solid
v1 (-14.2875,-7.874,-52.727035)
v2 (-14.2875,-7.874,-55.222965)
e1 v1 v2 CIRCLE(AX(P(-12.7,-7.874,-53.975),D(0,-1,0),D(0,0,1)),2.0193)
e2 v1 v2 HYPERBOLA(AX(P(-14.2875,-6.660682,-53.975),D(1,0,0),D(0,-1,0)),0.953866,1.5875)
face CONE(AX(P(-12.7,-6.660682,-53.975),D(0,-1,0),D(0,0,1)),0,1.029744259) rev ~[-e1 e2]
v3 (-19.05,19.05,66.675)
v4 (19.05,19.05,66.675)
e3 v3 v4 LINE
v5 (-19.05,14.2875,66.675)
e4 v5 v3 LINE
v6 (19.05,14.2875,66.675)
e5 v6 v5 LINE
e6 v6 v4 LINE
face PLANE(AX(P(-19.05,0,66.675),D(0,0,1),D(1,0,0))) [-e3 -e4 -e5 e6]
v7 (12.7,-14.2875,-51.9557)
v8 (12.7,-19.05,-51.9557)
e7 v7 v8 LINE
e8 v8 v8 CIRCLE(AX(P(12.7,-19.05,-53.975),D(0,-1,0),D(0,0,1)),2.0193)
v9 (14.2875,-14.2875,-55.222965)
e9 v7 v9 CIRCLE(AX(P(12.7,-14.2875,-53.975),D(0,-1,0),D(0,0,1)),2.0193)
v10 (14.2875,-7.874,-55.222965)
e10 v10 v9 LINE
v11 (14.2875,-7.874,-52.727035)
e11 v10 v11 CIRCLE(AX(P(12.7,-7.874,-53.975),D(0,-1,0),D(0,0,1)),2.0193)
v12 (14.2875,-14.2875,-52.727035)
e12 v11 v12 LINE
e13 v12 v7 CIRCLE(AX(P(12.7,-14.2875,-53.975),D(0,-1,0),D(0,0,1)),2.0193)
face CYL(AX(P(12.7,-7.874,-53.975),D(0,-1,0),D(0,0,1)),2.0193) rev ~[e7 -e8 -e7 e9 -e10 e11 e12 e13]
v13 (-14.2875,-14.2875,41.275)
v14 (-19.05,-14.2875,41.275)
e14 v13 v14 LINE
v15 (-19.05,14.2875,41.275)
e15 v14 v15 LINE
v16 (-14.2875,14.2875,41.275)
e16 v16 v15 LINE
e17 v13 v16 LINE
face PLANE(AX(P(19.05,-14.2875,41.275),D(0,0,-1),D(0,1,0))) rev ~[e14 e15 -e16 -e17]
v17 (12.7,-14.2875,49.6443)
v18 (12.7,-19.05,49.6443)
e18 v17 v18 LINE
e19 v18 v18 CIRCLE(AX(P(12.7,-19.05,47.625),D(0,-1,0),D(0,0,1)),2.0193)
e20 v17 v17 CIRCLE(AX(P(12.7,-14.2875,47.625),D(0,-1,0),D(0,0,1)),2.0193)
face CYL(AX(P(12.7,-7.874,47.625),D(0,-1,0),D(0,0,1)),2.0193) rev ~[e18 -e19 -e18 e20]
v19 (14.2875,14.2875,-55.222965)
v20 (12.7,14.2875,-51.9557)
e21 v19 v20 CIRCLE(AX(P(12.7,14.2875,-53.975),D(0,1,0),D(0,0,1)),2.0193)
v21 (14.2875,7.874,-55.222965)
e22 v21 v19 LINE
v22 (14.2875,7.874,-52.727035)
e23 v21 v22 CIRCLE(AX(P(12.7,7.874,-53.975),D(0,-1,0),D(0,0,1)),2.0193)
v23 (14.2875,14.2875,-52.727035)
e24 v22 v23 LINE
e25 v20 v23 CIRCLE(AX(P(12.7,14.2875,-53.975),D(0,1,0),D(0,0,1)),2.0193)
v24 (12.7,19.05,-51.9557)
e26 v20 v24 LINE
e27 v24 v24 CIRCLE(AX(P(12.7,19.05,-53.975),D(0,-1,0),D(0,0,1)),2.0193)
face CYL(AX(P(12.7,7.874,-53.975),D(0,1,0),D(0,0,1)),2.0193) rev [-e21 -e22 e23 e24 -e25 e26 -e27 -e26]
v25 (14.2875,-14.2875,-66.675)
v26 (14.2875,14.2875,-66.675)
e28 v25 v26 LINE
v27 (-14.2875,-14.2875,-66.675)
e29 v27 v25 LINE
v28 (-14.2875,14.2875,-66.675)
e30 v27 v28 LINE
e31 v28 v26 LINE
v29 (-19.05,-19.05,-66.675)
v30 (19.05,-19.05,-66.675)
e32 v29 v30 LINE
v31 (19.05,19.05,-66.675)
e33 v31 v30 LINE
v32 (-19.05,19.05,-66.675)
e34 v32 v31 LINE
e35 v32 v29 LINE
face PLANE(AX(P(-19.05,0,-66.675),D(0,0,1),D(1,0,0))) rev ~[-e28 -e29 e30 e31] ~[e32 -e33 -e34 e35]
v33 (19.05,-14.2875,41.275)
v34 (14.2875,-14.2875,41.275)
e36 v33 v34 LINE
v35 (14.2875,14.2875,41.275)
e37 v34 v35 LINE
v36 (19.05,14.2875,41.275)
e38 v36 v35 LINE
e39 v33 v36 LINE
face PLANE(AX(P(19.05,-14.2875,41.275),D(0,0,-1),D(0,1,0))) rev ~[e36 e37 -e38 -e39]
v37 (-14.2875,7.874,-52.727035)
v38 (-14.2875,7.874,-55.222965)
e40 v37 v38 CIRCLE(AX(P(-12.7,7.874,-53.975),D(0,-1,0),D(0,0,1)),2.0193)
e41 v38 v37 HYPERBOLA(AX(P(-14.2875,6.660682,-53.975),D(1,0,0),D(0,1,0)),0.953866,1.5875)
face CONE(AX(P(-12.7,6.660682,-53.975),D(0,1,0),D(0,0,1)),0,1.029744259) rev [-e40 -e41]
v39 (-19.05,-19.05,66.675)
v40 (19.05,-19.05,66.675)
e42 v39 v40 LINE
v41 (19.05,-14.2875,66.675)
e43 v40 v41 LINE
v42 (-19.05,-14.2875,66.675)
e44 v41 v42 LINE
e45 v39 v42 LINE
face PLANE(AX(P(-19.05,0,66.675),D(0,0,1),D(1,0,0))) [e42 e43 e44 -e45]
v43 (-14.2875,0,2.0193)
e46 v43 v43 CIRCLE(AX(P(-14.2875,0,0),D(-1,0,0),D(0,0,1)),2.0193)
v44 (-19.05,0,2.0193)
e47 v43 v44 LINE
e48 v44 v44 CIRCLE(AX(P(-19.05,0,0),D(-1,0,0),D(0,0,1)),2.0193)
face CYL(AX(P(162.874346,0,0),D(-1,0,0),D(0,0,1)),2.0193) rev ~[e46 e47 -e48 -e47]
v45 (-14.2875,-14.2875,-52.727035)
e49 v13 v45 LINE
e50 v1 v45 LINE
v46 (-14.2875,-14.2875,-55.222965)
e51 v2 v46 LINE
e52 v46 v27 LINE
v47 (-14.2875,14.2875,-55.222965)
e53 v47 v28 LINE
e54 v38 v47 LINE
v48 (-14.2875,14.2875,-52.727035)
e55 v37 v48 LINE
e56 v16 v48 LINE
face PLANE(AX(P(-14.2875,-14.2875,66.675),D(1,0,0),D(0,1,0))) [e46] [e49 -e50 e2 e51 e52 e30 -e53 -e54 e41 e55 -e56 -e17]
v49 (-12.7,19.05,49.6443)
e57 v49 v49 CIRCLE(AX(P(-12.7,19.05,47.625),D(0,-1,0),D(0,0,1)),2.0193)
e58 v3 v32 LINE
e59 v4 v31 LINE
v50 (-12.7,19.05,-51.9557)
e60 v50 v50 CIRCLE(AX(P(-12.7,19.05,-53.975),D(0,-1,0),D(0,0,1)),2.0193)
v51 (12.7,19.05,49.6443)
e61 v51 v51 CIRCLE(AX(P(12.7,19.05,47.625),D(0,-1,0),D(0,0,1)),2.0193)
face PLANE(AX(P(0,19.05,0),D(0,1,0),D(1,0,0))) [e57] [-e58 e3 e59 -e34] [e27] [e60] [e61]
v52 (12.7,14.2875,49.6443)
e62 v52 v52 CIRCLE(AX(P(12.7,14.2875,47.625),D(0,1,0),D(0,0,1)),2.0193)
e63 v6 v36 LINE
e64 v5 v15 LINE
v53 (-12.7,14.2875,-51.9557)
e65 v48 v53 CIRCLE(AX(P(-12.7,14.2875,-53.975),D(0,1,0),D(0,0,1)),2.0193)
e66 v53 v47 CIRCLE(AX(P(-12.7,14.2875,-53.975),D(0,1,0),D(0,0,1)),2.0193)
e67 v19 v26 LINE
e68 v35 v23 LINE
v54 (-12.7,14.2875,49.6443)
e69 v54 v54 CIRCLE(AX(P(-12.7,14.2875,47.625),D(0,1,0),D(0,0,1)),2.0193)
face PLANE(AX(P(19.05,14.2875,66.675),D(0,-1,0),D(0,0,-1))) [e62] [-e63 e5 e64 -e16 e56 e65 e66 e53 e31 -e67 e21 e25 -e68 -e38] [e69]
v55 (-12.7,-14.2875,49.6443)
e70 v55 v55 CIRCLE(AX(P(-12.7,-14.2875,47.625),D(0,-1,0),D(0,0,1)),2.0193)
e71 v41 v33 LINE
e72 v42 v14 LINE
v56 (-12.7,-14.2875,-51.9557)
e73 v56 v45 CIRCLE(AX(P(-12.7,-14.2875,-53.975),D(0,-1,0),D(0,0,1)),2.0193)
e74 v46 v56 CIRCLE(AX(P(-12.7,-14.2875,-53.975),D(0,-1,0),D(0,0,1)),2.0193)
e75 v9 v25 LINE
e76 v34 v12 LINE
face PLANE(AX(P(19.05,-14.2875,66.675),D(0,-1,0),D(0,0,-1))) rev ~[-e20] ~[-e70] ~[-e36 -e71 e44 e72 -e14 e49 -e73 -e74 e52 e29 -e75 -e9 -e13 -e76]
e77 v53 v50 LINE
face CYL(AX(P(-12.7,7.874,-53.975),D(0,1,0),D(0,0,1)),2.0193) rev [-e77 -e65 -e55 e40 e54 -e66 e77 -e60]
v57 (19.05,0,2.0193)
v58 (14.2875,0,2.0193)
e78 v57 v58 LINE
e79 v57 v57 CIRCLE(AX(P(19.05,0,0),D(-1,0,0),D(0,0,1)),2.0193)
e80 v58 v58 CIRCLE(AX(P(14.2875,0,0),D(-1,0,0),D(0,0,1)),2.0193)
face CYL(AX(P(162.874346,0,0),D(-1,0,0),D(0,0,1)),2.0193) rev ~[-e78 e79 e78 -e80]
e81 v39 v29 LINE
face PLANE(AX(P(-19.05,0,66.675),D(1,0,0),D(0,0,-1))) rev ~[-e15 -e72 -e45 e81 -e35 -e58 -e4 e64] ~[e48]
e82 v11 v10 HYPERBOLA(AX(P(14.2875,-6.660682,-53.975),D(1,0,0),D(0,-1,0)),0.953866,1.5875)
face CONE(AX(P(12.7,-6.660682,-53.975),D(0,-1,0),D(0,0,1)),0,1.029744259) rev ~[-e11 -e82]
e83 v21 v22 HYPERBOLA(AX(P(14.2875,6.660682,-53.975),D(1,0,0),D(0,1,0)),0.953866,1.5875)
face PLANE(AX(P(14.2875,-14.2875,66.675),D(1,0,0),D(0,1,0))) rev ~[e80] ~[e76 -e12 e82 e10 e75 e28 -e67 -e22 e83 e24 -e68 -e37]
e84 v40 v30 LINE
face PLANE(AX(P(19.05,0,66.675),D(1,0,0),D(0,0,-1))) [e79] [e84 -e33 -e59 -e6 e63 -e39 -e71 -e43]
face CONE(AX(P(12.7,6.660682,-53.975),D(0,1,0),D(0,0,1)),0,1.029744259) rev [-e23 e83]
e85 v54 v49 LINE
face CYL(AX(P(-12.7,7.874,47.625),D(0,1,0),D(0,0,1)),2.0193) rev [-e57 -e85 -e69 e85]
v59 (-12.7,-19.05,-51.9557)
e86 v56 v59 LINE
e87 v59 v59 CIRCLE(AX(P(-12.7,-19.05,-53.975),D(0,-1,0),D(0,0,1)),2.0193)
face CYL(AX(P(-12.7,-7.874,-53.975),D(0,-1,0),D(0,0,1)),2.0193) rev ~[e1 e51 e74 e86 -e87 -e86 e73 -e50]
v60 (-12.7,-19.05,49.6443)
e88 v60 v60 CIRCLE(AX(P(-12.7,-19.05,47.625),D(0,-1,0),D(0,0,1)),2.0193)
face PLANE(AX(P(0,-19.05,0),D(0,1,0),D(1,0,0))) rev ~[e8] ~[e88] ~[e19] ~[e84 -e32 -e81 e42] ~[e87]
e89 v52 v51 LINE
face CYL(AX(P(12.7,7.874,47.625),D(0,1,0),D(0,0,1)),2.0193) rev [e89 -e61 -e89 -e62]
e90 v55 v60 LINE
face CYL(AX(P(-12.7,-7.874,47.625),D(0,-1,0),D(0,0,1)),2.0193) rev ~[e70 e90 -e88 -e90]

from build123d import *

# Parameters (mm, degrees)
SKETCH1_W                       = 38.1
SKETCH1_H                       = 133.35
BOSS_EXTRUDE1_DEPTH             = 19.05
SKETCH2_W                       = 28.575
SKETCH2_H                       = 28.575
CUT_EXTRUDE1_DEPTH              = 134.35
SKETCH3_W                       = 25.4
SKETCH3_H                       = 28.575
CUT_EXTRUDE2_DEPTH              = 39.1
F_10_32_TAPPED_HOLE1_AT_2_COUNT = 2
F_10_32_TAPPED_HOLE1_AT_2_PITCH = 25.4
F_10_32_TAPPED_HOLE1_AT_3_COUNT = 2
F_10_32_TAPPED_HOLE1_AT_3_PITCH = 101.6
F_10_32_TAPPED_HOLE1_AT_4_COUNT = 2
F_10_32_TAPPED_HOLE1_AT_4_PITCH = 104.726882891
F_10_32_TAPPED_HOLE2_D          = 4.0386


with BuildPart() as part:
    # Sketch1 → Boss-Extrude1 (new body, symmetric)
    with BuildSketch(Plane(origin=(0, 0, 0), x_dir=(1, 0, 0), z_dir=(0, 1, 0))):
        Rectangle(SKETCH1_W, SKETCH1_H)
    extrude(amount=BOSS_EXTRUDE1_DEPTH, both=True)

    # Sketch2 → Cut-Extrude1 (cut, through all)
    with BuildSketch(Plane.XY.offset(66.675)):
        Rectangle(SKETCH2_W, SKETCH2_H)
    extrude(amount=-CUT_EXTRUDE1_DEPTH, mode=Mode.SUBTRACT)

    # Sketch3 → Cut-Extrude2 (cut, through all)
    with BuildSketch(Plane(origin=(19.05, 0, 0), x_dir=(0, 0, -1), z_dir=(1, 0, 0))):
        with Locations((-53.975, 0)):
            Rectangle(SKETCH3_W, SKETCH3_H)
    extrude(amount=-CUT_EXTRUDE2_DEPTH, mode=Mode.SUBTRACT)

    # Sketch4 → #10-32 Tapped Hole1 (revolve, cut)
    with BuildSketch(Plane(origin=(-12.7, 19.05, 47.625), x_dir=(0, 0, 1), z_dir=(1, 0, 0))):
        Polygon((0, 0), (0, 12.389317848), (2.0193, 11.176), (2.0193, 0), align=None)
    f_10_32_tapped_hole1 = revolve(axis=Axis((-12.7, 25.4, 47.625), (0, -1, 0)), mode=Mode.SUBTRACT)

    # #10-32 Tapped Hole1 at 2: #10-32 Tapped Hole1 ×2
    with Locations(*[(i * F_10_32_TAPPED_HOLE1_AT_2_PITCH, 0, 0) for i in range(1, F_10_32_TAPPED_HOLE1_AT_2_COUNT)]):
        add(f_10_32_tapped_hole1, mode=Mode.SUBTRACT)

    # #10-32 Tapped Hole1 at 3: #10-32 Tapped Hole1 ×2
    with Locations(*[(0, 0, -i * F_10_32_TAPPED_HOLE1_AT_3_PITCH) for i in range(1, F_10_32_TAPPED_HOLE1_AT_3_COUNT)]):
        add(f_10_32_tapped_hole1, mode=Mode.SUBTRACT)

    # #10-32 Tapped Hole1 at 4: #10-32 Tapped Hole1 ×2
    with Locations(*[Vector(0.242535625, 0, -0.9701425) * (i * F_10_32_TAPPED_HOLE1_AT_4_PITCH) for i in range(1, F_10_32_TAPPED_HOLE1_AT_4_COUNT)]):
        add(f_10_32_tapped_hole1, mode=Mode.SUBTRACT)

    # #10-32 Tapped Hole2 (through all)
    with Locations(Plane(origin=(19.05, 0, 0), x_dir=(0, 0, -1), z_dir=(1, 0, 0))):
        with Locations((0, 0)):
            Hole(F_10_32_TAPPED_HOLE2_D / 2)

    # Mirror1: #10-32 Tapped Hole1 across plane
    add(f_10_32_tapped_hole1.mirror(Plane.ZX), mode=Mode.SUBTRACT)

    # Mirror1 copy 1 sketch → Mirror1 copy 1 (revolve, cut)
    with BuildSketch(Plane(origin=(12.7, -19.05, 47.625), x_dir=(0, 0, 1), z_dir=(1, 0, 0))):
        Polygon((0, 0), (0, -12.389317848), (2.0193, -11.176), (2.0193, 0), align=None)
    revolve(axis=Axis((12.7, -25.4, 47.625), (0, -1, 0)), mode=Mode.SUBTRACT)

    # Mirror1 copy 2 sketch → Mirror1 copy 2 (revolve, cut)
    with BuildSketch(Plane(origin=(-12.7, -19.05, -53.975), x_dir=(0, 0, 1), z_dir=(1, 0, 0))):
        Polygon((0, 0), (0, -12.389317848), (2.0193, -11.176), (2.0193, 0), align=None)
    revolve(axis=Axis((-12.7, -25.4, -53.975), (0, -1, 0)), mode=Mode.SUBTRACT)

    # Mirror1 copy 3 sketch → Mirror1 copy 3 (revolve, cut)
    with BuildSketch(Plane(origin=(12.7, -19.05, -53.975), x_dir=(0, 0, 1), z_dir=(1, 0, 0))):
        Polygon((0, 0), (0, -12.389317848), (2.0193, -11.176), (2.0193, 0), align=None)
    revolve(axis=Axis((12.7, -25.4, -53.975), (0, -1, 0)), mode=Mode.SUBTRACT)


solid = part.part
